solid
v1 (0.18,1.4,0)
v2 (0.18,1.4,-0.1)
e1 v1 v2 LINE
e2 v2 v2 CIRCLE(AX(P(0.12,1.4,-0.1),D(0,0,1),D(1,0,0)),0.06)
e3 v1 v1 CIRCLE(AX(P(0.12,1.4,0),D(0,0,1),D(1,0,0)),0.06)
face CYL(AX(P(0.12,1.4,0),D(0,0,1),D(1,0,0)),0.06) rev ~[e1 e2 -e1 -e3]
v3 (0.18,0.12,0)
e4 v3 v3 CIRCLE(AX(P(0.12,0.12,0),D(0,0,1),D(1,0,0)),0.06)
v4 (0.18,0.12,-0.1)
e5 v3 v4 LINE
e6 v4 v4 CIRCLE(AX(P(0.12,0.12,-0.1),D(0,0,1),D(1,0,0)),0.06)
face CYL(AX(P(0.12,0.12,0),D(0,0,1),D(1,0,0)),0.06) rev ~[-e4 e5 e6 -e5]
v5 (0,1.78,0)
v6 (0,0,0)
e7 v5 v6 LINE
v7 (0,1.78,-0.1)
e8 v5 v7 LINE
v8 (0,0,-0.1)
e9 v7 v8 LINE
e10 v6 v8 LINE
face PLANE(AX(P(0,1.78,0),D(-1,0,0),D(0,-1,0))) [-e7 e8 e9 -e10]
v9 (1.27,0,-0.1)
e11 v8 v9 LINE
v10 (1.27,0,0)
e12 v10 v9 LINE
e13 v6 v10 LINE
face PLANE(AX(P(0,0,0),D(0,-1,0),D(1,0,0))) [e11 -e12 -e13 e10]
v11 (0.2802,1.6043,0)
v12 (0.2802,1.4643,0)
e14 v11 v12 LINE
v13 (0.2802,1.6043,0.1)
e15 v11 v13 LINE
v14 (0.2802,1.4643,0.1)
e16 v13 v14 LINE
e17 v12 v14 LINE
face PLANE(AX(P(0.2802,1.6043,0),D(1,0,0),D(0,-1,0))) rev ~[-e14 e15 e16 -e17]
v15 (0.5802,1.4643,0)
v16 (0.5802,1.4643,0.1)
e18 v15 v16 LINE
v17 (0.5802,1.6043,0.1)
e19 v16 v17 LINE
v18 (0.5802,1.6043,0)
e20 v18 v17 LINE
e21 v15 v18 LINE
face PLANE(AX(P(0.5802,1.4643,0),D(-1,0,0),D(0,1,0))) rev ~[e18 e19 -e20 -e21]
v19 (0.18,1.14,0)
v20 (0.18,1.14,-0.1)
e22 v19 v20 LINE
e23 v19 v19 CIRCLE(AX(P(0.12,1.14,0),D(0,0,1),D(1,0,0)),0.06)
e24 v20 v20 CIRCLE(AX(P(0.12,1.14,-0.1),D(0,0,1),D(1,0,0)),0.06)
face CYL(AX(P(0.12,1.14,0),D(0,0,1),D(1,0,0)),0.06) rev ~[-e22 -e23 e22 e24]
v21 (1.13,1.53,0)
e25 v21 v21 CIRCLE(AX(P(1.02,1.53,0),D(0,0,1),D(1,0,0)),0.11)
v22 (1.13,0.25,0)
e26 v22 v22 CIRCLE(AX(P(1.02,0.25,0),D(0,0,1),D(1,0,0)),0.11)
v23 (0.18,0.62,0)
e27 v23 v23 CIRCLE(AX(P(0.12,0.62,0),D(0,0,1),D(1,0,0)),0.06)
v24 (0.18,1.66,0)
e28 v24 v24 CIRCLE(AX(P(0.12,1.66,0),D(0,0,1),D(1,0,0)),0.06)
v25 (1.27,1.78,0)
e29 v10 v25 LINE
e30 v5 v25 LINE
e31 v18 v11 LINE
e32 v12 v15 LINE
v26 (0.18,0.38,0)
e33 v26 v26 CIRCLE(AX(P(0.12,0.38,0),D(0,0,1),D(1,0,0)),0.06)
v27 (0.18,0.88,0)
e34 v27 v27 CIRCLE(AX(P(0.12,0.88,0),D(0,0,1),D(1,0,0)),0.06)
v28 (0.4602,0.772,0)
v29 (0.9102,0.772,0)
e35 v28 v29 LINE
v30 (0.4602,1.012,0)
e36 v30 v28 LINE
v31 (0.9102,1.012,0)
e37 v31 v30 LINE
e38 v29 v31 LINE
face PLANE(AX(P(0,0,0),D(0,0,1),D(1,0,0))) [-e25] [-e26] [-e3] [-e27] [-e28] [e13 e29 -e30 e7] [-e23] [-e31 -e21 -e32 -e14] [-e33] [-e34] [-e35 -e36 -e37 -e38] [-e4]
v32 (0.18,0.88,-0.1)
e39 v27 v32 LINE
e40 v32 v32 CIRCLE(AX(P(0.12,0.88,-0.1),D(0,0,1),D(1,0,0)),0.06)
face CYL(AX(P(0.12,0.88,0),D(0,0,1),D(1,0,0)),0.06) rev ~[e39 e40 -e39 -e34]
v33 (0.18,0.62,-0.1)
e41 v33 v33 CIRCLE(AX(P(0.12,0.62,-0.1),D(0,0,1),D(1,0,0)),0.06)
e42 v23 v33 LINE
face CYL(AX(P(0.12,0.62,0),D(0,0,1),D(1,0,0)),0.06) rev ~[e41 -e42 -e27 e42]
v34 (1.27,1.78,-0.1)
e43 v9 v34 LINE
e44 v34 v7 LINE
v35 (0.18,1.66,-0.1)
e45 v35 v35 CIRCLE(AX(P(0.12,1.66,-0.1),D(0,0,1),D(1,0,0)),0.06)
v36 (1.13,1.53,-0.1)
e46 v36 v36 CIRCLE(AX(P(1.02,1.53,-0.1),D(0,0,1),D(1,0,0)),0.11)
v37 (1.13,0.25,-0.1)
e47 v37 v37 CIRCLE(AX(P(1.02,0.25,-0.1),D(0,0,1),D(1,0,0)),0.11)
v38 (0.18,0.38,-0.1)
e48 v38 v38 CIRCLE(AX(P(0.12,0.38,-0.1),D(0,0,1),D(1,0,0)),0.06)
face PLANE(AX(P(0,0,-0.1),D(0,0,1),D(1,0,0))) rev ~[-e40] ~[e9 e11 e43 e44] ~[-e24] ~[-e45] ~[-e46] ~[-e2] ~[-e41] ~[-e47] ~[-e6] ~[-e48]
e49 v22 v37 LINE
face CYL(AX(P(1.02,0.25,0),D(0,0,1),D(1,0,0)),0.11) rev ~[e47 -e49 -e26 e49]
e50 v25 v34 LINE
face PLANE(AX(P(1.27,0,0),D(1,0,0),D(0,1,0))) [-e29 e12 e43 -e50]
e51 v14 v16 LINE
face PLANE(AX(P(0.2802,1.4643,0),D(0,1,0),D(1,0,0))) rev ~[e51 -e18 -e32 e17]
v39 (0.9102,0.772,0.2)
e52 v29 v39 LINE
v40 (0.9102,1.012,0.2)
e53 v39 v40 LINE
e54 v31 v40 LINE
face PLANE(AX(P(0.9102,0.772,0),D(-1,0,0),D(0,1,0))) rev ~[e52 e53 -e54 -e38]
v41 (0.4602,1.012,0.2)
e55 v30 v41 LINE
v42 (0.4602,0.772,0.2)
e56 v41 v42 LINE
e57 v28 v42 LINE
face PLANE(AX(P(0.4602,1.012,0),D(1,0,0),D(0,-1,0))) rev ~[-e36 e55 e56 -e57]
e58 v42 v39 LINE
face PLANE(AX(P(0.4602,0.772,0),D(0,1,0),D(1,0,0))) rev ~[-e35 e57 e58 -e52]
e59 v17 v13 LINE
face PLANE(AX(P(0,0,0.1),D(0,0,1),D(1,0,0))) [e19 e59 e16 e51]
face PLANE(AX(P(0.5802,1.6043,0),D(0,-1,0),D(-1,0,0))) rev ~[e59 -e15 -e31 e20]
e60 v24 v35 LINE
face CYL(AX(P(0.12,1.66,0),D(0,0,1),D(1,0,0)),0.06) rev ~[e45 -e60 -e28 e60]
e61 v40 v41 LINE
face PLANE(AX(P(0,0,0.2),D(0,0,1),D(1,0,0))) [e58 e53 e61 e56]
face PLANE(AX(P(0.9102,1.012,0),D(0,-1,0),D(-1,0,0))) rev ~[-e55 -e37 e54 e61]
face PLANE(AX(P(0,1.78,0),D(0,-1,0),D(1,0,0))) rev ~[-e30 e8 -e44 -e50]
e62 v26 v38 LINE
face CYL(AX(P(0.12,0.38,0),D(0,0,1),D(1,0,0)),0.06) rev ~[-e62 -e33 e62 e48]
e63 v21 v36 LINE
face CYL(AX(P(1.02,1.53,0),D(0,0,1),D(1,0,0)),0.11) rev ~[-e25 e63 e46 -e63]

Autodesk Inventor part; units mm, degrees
ref_plane "YZ Plane" through (0, 0, 0) normal (1, 0, 0) x (0, 1, 0)
ref_plane "XZ Plane" through (0, 0, 0) normal (0, 1, 0) x (-1, 0, 0)
ref_plane "XY Plane" through (0, 0, 0) normal (0, 0, 1) x (1, 0, 0)
sketch "Boceto1" plane through (0, 0, 0) normal (0, 0, 1) x (1, 0, 0)
  line L0 (0, 1.78) -> (1.27, 1.78)
  line L1 (0.4602, 1.012) -> (0.4602, 0.772)
  line L2 (0.4602, 0.772) -> (0.9102, 0.772)
  line L3 (0.9102, 0.772) -> (0.9102, 1.012)
  line L4 (0.9102, 1.012) -> (0.4602, 1.012)
  line L5 (0, 1.78) -> (0, 0)
  line L6 (0, 0) -> (1.27, 0)
  line L7 (1.27, 0) -> (1.27, 1.78)
  line L8 (1.27, 1.78) -> (1.02, 1.78)
  circle A0 centre (1.02, 1.53) radius 0.11
  line L9 (0, 1.78) -> (0.12, 1.78)
  circle A1 centre (0.12, 1.66) radius 0.06
  circle A2 centre (0.12, 1.4) radius 0.06
  circle A3 centre (0.12, 1.14) radius 0.06
  circle A4 centre (0.12, 0.88) radius 0.06
  circle A5 centre (0.12, 0.62) radius 0.06
  circle A6 centre (0.12, 0.12) radius 0.06
  circle A7 centre (0.12, 0.38) radius 0.06
  line L10 (0.2802, 1.6043) -> (0.2802, 1.4643)
  line L11 (0.2802, 1.4643) -> (0.5802, 1.4643)
  line L12 (0.5802, 1.4643) -> (0.5802, 1.6043)
  line L13 (0.5802, 1.6043) -> (0.2802, 1.6043)
  circle A8 centre (1.02, 0.25) radius 0.11
extrude "Extrusión1" add sketch "Boceto1" against normal blind 0.1 contours L0 L7 L6 L5 | L4 L3 L2 L1 | L13 L12 L11 L10
sketch "Boceto2" plane through (0, 0, 0) normal (0, 0, 1) x (1, 0, 0)
  line L0 (0, 1.78) -> (1.27, 1.78)
  line L1 (0.4602, 1.012) -> (0.4602, 0.772)
  line L2 (0.4602, 0.772) -> (0.9102, 0.772)
  line L3 (0.9102, 0.772) -> (0.9102, 1.012)
  line L4 (0.9102, 1.012) -> (0.4602, 1.012)
  line L5 (0, 1.78) -> (0, 0)
  line L6 (0, 0) -> (1.27, 0)
  line L7 (1.27, 0) -> (1.27, 1.78)
  line L8 (1.27, 1.78) -> (1.02, 1.78)
  circle A0 centre (1.02, 1.53) radius 0.11
  line L9 (0, 1.78) -> (0.12, 1.78)
  circle A1 centre (0.12, 1.66) radius 0.06
  circle A2 centre (0.12, 1.4) radius 0.06
  circle A3 centre (0.12, 1.14) radius 0.06
  circle A4 centre (0.12, 0.88) radius 0.06
  circle A5 centre (0.12, 0.62) radius 0.06
  circle A6 centre (0.12, 0.12) radius 0.06
  circle A7 centre (0.12, 0.38) radius 0.06
  line L10 (0.2802, 1.6043) -> (0.2802, 1.4643)
  line L11 (0.2802, 1.4643) -> (0.5802, 1.4643)
  line L12 (0.5802, 1.4643) -> (0.5802, 1.6043)
  line L13 (0.5802, 1.6043) -> (0.2802, 1.6043)
  circle A8 centre (1.02, 0.25) radius 0.11
extrude "Extrusión2" add sketch "Boceto2" along normal blind 0.1 contours L13 L12 L11 L10
sketch "Boceto3" plane through (0, 0, 0) normal (0, 0, 1) x (1, 0, 0)
  line L0 (0, 1.78) -> (1.27, 1.78)
  line L1 (0.4602, 1.012) -> (0.4602, 0.772)
  line L2 (0.4602, 0.772) -> (0.9102, 0.772)
  line L3 (0.9102, 0.772) -> (0.9102, 1.012)
  line L4 (0.9102, 1.012) -> (0.4602, 1.012)
  line L5 (0, 1.78) -> (0, 0)
  line L6 (0, 0) -> (1.27, 0)
  line L7 (1.27, 0) -> (1.27, 1.78)
  line L8 (1.27, 1.78) -> (1.02, 1.78)
  circle A0 centre (1.02, 1.53) radius 0.11
  line L9 (0, 1.78) -> (0.12, 1.78)
  circle A1 centre (0.12, 1.66) radius 0.06
  circle A2 centre (0.12, 1.4) radius 0.06
  circle A3 centre (0.12, 1.14) radius 0.06
  circle A4 centre (0.12, 0.88) radius 0.06
  circle A5 centre (0.12, 0.62) radius 0.06
  circle A6 centre (0.12, 0.12) radius 0.06
  circle A7 centre (0.12, 0.38) radius 0.06
  line L10 (0.2802, 1.6043) -> (0.2802, 1.4643)
  line L11 (0.2802, 1.4643) -> (0.5802, 1.4643)
  line L12 (0.5802, 1.4643) -> (0.5802, 1.6043)
  line L13 (0.5802, 1.6043) -> (0.2802, 1.6043)
  circle A8 centre (1.02, 0.25) radius 0.11
extrude "Extrusión3" add sketch "Boceto3" along normal blind 0.2 contours L4 L3 L2 L1
properties part number "laser"
